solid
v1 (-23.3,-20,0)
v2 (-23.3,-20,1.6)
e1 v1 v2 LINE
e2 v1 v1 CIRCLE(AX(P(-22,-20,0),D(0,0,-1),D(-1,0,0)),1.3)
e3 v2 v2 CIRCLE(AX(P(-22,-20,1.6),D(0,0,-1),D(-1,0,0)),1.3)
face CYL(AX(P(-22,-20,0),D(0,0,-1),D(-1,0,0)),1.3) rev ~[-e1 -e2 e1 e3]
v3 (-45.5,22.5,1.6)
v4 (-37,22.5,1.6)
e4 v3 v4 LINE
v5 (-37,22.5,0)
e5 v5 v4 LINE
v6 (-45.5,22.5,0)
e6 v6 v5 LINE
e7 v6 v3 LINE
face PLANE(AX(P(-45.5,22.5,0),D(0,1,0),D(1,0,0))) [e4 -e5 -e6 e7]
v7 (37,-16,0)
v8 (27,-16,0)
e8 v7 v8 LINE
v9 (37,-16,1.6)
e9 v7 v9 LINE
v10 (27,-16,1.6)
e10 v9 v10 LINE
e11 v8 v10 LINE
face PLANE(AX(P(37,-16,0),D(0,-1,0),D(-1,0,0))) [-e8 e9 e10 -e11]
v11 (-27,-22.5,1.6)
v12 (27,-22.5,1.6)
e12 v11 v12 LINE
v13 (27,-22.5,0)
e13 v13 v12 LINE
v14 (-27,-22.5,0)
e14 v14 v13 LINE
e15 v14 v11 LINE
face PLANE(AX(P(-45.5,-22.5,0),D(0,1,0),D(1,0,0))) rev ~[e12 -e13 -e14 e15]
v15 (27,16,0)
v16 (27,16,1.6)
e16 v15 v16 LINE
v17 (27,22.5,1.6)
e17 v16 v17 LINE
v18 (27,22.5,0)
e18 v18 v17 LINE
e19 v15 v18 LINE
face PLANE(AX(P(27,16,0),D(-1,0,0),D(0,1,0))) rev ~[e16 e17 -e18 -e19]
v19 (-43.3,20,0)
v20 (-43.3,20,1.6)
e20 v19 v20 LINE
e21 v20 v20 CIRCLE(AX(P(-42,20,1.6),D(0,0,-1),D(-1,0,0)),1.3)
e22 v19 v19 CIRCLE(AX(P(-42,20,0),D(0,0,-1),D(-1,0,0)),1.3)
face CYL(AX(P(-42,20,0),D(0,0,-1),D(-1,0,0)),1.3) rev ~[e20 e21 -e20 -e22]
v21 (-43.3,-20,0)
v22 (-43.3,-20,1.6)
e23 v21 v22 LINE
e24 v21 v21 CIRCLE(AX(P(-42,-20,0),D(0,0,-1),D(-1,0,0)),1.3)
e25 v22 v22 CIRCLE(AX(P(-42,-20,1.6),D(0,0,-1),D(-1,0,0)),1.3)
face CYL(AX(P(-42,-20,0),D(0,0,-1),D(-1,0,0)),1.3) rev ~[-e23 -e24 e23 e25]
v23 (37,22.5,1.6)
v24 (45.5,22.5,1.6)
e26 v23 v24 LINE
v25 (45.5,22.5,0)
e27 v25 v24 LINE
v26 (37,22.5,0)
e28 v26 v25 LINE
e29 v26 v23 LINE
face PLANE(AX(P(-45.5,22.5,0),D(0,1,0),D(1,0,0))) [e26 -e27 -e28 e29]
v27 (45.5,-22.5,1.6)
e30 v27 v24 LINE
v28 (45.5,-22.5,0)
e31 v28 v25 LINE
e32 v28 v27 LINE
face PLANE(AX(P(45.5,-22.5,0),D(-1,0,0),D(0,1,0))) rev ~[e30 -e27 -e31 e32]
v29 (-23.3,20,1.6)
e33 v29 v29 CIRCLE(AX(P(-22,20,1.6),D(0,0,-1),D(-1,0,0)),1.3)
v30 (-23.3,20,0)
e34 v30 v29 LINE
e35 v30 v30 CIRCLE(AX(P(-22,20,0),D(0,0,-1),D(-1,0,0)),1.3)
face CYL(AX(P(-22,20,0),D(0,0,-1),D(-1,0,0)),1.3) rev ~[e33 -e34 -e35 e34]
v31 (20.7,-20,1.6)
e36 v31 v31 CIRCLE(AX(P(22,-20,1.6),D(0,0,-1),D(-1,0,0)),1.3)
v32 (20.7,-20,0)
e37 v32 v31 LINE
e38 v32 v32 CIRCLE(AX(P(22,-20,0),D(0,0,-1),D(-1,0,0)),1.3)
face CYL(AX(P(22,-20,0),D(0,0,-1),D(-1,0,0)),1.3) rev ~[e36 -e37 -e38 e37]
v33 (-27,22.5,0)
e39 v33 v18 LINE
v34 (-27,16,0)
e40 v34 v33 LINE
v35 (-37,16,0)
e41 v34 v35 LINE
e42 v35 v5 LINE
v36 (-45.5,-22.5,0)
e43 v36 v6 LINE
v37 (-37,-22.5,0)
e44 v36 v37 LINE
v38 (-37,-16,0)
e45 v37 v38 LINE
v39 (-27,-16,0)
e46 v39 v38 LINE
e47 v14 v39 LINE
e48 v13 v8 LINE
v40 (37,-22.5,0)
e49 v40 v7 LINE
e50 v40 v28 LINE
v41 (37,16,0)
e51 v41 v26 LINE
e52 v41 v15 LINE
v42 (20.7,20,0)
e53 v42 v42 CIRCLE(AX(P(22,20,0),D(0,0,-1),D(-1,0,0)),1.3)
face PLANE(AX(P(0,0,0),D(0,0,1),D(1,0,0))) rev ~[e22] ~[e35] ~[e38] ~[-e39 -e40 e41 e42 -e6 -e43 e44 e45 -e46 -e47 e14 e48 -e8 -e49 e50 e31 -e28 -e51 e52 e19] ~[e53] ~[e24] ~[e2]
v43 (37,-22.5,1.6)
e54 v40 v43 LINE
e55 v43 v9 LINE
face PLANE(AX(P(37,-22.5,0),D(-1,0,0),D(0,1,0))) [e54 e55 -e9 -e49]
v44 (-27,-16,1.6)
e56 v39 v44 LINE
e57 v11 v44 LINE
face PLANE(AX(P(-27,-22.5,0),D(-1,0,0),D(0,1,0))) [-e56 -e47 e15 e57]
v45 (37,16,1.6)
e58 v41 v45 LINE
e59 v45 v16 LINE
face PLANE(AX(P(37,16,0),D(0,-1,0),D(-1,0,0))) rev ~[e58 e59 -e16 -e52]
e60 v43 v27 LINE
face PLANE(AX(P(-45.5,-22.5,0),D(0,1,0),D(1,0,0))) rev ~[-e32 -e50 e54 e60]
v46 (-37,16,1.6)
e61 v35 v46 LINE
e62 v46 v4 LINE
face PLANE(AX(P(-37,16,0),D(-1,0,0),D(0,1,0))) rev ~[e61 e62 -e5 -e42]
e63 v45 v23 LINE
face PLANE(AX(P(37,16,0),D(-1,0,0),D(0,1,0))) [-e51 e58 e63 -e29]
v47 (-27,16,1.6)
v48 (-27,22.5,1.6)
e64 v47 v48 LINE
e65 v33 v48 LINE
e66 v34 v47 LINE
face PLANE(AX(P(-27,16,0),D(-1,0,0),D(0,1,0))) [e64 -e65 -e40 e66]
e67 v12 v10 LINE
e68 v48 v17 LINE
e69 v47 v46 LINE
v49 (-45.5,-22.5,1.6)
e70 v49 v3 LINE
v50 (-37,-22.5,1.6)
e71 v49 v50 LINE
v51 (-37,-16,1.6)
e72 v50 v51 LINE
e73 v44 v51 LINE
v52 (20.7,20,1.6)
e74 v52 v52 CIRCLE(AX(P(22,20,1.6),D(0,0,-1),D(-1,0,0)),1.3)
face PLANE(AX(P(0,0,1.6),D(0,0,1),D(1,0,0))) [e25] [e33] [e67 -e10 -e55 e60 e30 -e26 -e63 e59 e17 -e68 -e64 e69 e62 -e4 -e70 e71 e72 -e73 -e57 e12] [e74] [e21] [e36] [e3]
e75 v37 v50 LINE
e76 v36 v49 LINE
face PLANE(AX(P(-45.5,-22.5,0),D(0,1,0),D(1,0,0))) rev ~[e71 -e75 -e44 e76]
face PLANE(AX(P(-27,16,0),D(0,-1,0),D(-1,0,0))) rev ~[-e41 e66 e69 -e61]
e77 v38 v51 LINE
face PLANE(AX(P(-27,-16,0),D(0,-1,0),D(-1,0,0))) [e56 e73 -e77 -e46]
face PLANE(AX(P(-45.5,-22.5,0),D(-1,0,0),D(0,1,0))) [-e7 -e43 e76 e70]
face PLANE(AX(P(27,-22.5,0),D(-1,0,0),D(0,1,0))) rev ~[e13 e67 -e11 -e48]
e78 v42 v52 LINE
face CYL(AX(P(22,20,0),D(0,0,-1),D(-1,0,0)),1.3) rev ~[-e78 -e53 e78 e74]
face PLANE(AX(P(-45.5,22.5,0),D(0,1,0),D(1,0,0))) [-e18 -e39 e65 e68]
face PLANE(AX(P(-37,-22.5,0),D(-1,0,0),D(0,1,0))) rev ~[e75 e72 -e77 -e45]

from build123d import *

# Parameters (mm, degrees)
SKETCH_1_W          = 91
SKETCH_1_H          = 45
EXTRUDE_1_DEPTH     = 1.6
SKETCH_2_R          = 1.3
CUT_EXTRUDE_1_DEPTH = 1.6
SKETCH_5_W          = 10
SKETCH_5_H          = 6.5
CUT_EXTRUDE_2_DEPTH = 1.6


with BuildPart() as part:
    # Эскиз1 → Бобышка-Вытянуть1 (new body)
    with BuildSketch(Plane.XY):
        Rectangle(SKETCH_1_W, SKETCH_1_H)
    extrude(amount=EXTRUDE_1_DEPTH)

    # Эскиз2 → Вырез-Вытянуть1 (cut)
    with BuildSketch(Plane(origin=(0, 0, 0), x_dir=(-1, 0, 0), z_dir=(0, 0, -1))):
        with Locations((22, 20)):
            Circle(SKETCH_2_R)
        with Locations((-22, 20)):
            Circle(SKETCH_2_R)
        with Locations((42, 20)):
            Circle(SKETCH_2_R)
        with Locations((42, -20)):
            Circle(SKETCH_2_R)
        with Locations((22, -20)):
            Circle(SKETCH_2_R)
        with Locations((-22, -20)):
            Circle(SKETCH_2_R)
    extrude(amount=-CUT_EXTRUDE_1_DEPTH, mode=Mode.SUBTRACT)

    # Эскиз5 → Вырез-Вытянуть2 (cut)
    with BuildSketch(Plane(origin=(0, 0, 0), x_dir=(-1, 0, 0), z_dir=(0, 0, -1))):
        with Locations((-32, 19.25)):
            Rectangle(SKETCH_5_W, SKETCH_5_H)
        with Locations((32, 19.25)):
            Rectangle(SKETCH_5_W, SKETCH_5_H)
        with Locations((32, -19.25)):
            Rectangle(SKETCH_5_W, SKETCH_5_H)
        with Locations((-32, -19.25)):
            Rectangle(SKETCH_5_W, SKETCH_5_H)
    extrude(amount=-CUT_EXTRUDE_2_DEPTH, mode=Mode.SUBTRACT)


solid = part.part
